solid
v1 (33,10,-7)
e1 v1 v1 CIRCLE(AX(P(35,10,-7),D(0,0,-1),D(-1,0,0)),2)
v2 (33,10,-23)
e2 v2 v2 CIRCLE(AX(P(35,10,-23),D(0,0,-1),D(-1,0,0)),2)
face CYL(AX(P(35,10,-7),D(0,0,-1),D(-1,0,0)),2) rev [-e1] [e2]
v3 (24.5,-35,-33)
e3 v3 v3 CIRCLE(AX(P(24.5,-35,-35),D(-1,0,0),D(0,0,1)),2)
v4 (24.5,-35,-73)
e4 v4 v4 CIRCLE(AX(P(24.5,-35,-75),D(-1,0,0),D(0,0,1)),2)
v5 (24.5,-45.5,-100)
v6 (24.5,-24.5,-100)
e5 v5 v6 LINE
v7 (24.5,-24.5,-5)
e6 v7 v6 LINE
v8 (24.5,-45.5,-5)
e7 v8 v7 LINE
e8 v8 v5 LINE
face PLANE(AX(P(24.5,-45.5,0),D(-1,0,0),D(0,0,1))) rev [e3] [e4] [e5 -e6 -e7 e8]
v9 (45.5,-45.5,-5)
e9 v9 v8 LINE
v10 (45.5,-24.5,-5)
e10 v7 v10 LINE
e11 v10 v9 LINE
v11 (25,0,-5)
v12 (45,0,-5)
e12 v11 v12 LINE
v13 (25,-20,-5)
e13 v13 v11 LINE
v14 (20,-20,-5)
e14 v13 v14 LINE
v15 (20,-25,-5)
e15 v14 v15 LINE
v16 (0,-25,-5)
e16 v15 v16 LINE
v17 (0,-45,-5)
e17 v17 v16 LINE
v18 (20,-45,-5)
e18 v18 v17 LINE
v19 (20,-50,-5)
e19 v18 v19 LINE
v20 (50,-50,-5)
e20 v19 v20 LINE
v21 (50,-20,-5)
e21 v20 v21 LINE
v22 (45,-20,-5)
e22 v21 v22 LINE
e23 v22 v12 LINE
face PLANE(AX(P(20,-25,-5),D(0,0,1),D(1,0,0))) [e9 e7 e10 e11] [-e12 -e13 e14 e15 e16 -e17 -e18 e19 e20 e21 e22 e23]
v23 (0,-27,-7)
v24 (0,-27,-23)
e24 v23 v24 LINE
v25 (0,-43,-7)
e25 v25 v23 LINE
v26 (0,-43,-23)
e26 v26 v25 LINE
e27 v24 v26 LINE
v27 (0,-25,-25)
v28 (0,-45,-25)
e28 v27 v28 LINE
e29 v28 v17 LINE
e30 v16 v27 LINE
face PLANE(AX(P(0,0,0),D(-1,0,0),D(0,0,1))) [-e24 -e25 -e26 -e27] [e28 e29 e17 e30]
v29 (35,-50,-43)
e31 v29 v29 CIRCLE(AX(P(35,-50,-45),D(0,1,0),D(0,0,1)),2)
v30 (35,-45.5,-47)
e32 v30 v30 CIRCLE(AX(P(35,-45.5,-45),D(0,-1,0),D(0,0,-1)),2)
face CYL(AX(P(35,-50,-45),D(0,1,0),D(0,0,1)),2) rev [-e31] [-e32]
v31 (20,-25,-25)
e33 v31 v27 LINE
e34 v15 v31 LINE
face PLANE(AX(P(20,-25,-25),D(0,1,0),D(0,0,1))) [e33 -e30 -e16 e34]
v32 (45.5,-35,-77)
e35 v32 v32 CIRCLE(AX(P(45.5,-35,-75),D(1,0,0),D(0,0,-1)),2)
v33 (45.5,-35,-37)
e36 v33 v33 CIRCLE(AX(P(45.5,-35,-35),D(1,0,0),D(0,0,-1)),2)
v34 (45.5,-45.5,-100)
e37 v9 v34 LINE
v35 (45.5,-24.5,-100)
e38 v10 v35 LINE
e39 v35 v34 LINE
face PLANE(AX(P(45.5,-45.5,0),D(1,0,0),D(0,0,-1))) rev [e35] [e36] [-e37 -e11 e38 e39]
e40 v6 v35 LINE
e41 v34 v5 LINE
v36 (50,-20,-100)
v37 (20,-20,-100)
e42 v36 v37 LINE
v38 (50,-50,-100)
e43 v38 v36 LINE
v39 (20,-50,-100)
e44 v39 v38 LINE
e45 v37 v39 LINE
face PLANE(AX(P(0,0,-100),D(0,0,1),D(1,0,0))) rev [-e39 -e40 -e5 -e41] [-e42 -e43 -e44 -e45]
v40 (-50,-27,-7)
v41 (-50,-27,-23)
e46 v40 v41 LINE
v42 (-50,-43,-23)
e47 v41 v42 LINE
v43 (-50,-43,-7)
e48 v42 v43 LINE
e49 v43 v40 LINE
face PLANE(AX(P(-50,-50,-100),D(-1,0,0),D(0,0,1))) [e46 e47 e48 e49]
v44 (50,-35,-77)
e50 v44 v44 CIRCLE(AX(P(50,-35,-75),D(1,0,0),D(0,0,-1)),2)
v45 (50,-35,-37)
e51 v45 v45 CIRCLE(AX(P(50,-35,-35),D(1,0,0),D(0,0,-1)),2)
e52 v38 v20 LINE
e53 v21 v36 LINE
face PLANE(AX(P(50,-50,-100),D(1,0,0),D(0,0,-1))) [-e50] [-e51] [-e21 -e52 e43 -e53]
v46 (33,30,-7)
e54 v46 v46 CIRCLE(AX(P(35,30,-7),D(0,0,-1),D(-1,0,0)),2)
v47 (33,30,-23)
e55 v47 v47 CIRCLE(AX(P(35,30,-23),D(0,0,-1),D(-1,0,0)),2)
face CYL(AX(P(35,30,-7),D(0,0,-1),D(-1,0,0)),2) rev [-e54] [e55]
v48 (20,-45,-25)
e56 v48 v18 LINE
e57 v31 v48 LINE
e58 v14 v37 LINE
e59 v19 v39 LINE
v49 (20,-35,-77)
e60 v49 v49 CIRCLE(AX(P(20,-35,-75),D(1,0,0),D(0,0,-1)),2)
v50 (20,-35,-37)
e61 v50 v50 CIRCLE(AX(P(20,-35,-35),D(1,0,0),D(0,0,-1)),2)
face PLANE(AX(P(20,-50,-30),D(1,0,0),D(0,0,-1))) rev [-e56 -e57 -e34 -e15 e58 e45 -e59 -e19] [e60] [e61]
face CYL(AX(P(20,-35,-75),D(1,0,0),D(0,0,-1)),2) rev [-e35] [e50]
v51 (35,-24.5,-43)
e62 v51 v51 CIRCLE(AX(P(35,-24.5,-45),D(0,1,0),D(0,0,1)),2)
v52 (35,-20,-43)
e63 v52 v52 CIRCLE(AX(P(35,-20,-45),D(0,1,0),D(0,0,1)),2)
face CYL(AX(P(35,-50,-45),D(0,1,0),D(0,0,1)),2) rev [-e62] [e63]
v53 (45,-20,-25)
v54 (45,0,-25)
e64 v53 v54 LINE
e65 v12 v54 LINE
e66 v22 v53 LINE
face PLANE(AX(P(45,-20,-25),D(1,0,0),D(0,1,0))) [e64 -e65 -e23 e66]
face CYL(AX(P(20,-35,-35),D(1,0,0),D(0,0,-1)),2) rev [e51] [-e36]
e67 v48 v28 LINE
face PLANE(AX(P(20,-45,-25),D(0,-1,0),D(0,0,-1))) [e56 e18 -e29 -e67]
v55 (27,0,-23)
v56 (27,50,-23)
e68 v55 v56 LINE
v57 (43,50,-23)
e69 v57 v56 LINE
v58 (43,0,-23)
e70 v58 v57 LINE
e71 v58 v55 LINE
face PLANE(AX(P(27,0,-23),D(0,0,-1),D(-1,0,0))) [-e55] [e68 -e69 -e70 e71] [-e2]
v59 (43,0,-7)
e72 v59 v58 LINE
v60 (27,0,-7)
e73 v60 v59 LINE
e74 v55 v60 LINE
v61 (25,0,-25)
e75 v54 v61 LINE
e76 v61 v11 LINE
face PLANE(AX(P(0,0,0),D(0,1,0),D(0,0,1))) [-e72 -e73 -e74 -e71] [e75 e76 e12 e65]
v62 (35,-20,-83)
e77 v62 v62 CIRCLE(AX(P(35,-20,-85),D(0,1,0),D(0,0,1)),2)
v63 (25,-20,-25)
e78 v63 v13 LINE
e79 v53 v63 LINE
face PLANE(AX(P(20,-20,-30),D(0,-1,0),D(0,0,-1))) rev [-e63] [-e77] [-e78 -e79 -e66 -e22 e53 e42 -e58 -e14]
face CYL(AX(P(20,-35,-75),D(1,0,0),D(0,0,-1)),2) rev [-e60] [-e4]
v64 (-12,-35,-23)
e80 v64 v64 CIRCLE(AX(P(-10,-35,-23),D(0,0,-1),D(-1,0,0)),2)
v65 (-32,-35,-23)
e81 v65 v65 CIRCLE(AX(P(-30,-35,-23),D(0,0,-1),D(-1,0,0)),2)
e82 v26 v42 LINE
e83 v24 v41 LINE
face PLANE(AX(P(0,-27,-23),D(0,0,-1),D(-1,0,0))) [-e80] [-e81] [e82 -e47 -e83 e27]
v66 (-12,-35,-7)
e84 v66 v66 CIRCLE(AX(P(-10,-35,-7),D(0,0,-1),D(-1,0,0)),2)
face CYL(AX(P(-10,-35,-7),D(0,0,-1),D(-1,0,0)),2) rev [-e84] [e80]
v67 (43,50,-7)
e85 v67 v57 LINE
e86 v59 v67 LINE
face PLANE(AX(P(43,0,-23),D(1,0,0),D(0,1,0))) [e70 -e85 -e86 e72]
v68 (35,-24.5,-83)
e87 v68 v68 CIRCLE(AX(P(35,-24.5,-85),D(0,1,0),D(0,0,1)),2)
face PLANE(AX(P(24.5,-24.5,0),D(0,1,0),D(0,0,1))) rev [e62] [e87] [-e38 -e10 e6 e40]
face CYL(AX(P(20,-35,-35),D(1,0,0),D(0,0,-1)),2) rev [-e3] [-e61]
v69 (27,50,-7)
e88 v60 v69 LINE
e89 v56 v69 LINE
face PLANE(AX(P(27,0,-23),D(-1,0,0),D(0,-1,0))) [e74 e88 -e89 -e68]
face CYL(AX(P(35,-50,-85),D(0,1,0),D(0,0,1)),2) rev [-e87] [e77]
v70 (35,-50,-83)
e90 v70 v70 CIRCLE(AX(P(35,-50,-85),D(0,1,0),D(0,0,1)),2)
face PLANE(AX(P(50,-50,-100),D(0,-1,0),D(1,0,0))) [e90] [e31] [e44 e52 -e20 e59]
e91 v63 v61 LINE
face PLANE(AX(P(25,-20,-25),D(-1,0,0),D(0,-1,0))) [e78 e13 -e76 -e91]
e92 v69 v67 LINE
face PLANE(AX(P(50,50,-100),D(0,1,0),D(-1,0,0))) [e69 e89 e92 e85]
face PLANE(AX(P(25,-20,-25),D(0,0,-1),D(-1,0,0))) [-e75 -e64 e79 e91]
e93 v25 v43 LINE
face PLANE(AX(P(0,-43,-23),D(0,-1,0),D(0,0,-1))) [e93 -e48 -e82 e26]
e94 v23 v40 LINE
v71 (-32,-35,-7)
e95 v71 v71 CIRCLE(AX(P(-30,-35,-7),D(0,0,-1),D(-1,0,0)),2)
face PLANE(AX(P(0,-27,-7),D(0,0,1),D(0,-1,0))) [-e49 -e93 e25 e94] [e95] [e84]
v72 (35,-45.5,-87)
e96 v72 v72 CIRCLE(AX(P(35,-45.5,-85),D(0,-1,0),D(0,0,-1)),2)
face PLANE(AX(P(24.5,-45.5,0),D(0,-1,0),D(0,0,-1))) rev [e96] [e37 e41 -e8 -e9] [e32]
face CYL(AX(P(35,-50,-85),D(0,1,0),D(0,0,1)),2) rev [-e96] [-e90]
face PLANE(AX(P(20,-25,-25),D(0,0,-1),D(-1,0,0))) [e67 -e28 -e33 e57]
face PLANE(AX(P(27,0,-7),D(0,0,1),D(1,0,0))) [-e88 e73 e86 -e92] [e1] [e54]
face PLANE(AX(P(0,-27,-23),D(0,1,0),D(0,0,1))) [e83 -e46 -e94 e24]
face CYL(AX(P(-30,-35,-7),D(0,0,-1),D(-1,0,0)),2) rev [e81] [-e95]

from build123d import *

# Parameters (mm, degrees)
SKETCH1_W           = 100
SKETCH1_H           = 100
BOSS_EXTRUDE1_DEPTH = 100
CUT_EXTRUDE16_DEPTH = 70
SKETCH8_W           = 70
SKETCH8_H           = 70
CUT_EXTRUDE17_DEPTH = 30
SKETCH9_W           = 21
SKETCH9_H           = 21
CUT_EXTRUDE20_DEPTH = 100
SKETCH10_W          = 30
SKETCH10_H          = 30
SKETCH10_W_2        = 16
SKETCH10_H_2        = 16
CUT_EXTRUDE21_DEPTH = 50
SKETCH11_W          = 30
SKETCH11_H          = 30
SKETCH11_W_2        = 20
SKETCH11_H_2        = 20
CUT_EXTRUDE22_DEPTH = 20
SKETCH12_W          = 30
SKETCH12_H          = 30
SKETCH12_W_2        = 20
SKETCH12_H_2        = 20
CUT_EXTRUDE23_DEPTH = 70
SKETCH13_W          = 20
SKETCH13_H          = 20
SKETCH13_W_2        = 16
SKETCH13_H_2        = 16
CUT_EXTRUDE24_DEPTH = 50
SKETCH15_R          = 2
CUT_EXTRUDE25_DEPTH = 30
SKETCH16_R          = 2
CUT_EXTRUDE26_DEPTH = 30
SKETCH17_R          = 2
CUT_EXTRUDE27_DEPTH = 16
SKETCH18_R          = 2
CUT_EXTRUDE29_DEPTH = 16
SKETCH19_W          = 30
SKETCH19_H          = 30
CUT_EXTRUDE30_DEPTH = 5


with BuildPart() as part:
    # Sketch1 → Boss-Extrude1 (new body)
    with BuildSketch(Plane.XY):
        Rectangle(SKETCH1_W, SKETCH1_H)
    extrude(amount=-BOSS_EXTRUDE1_DEPTH)

    # Sketch5 → Cut-Extrude16 (cut)
    with BuildSketch(Plane(origin=(0, 0, -100), x_dir=(-1, 0, 0), z_dir=(0, 0, -1))):
        Polygon((50, -50), (50, 50), (-50, 50), (-50, -20), (-20, -20), (-20, -50), align=None)
    extrude(amount=-CUT_EXTRUDE16_DEPTH, mode=Mode.SUBTRACT)

    # Sketch8 → Cut-Extrude17 (cut)
    with BuildSketch(Plane(origin=(0, 0, -30), x_dir=(-1, 0, 0), z_dir=(0, 0, -1))):
        with Locations((15, 15)):
            Rectangle(SKETCH8_W, SKETCH8_H)
    extrude(amount=-CUT_EXTRUDE17_DEPTH, mode=Mode.SUBTRACT)

    # Sketch9 → Cut-Extrude20 (cut)
    with BuildSketch(Plane(origin=(0, 0, -100), x_dir=(-1, 0, 0), z_dir=(0, 0, -1))):
        with Locations((-35, -35)):
            Rectangle(SKETCH9_W, SKETCH9_H)
    extrude(amount=-CUT_EXTRUDE20_DEPTH, mode=Mode.SUBTRACT)

    # Sketch10 → Cut-Extrude21 (cut)
    with BuildSketch(Plane.ZY.offset(50)):
        with Locations((-15, -35)):
            Rectangle(SKETCH10_W, SKETCH10_H)
        with Locations((-15, -35)):
            Rectangle(SKETCH10_W_2, SKETCH10_H_2, mode=Mode.SUBTRACT)
    extrude(amount=-CUT_EXTRUDE21_DEPTH, mode=Mode.SUBTRACT)

    # Sketch11 → Cut-Extrude22 (cut)
    with BuildSketch(Plane.ZY):
        with Locations((-15, -35)):
            Rectangle(SKETCH11_W, SKETCH11_H)
        with Locations((-15, -35)):
            Rectangle(SKETCH11_W_2, SKETCH11_H_2, mode=Mode.SUBTRACT)
    extrude(amount=-CUT_EXTRUDE22_DEPTH, mode=Mode.SUBTRACT)

    # Sketch12 → Cut-Extrude23 (cut)
    with BuildSketch(Plane(origin=(0, 50, 0), x_dir=(1, 0, 0), z_dir=(0, 1, 0))):
        with Locations((35, 15)):
            Rectangle(SKETCH12_W, SKETCH12_H)
        with Locations((35, 15)):
            Rectangle(SKETCH12_W_2, SKETCH12_H_2, mode=Mode.SUBTRACT)
    extrude(amount=-CUT_EXTRUDE23_DEPTH, mode=Mode.SUBTRACT)

    # Sketch13 → Cut-Extrude24 (cut)
    with BuildSketch(Plane(origin=(0, 50, 0), x_dir=(1, 0, 0), z_dir=(0, 1, 0))):
        with Locations((35, 15)):
            Rectangle(SKETCH13_W, SKETCH13_H)
        with Locations((35, 15)):
            Rectangle(SKETCH13_W_2, SKETCH13_H_2, mode=Mode.SUBTRACT)
    extrude(amount=-CUT_EXTRUDE24_DEPTH, mode=Mode.SUBTRACT)

    # Sketch15 → Cut-Extrude25 (cut)
    with BuildSketch(Plane(origin=(0, -20, 0), x_dir=(1, 0, 0), z_dir=(0, 1, 0))):
        with Locations(Location((35, 85, 0), (0, 0, 270))):
            Circle(SKETCH15_R)
        with Locations(Location((35, 45, 0), (0, 0, 270))):
            Circle(SKETCH15_R)
    extrude(amount=-CUT_EXTRUDE25_DEPTH, mode=Mode.SUBTRACT)

    # Sketch16 → Cut-Extrude26 (cut)
    with BuildSketch(Plane(origin=(50, 0, 0), x_dir=(0, 0, -1), z_dir=(1, 0, 0))):
        with Locations((75, -35)):
            Circle(SKETCH16_R)
        with Locations((35, -35)):
            Circle(SKETCH16_R)
    extrude(amount=-CUT_EXTRUDE26_DEPTH, mode=Mode.SUBTRACT)

    # Sketch17 → Cut-Extrude27 (cut)
    with BuildSketch(Plane(origin=(0, 0, -23), x_dir=(-1, 0, 0), z_dir=(0, 0, -1))):
        with Locations((-35, 30)):
            Circle(SKETCH17_R)
        with Locations((-35, 10)):
            Circle(SKETCH17_R)
    extrude(amount=-CUT_EXTRUDE27_DEPTH, mode=Mode.SUBTRACT)

    # Sketch18 → Cut-Extrude29 (cut)
    with BuildSketch(Plane(origin=(0, 0, -23), x_dir=(-1, 0, 0), z_dir=(0, 0, -1))):
        with Locations((30, -35)):
            Circle(SKETCH18_R)
        with Locations((10, -35)):
            Circle(SKETCH18_R)
    extrude(amount=-CUT_EXTRUDE29_DEPTH, mode=Mode.SUBTRACT)

    # Sketch19 → Cut-Extrude30 (cut)
    with BuildSketch(Plane.XY):
        with Locations((35, -35)):
            Rectangle(SKETCH19_W, SKETCH19_H)
    extrude(amount=-CUT_EXTRUDE30_DEPTH, mode=Mode.SUBTRACT)


solid = part.part
